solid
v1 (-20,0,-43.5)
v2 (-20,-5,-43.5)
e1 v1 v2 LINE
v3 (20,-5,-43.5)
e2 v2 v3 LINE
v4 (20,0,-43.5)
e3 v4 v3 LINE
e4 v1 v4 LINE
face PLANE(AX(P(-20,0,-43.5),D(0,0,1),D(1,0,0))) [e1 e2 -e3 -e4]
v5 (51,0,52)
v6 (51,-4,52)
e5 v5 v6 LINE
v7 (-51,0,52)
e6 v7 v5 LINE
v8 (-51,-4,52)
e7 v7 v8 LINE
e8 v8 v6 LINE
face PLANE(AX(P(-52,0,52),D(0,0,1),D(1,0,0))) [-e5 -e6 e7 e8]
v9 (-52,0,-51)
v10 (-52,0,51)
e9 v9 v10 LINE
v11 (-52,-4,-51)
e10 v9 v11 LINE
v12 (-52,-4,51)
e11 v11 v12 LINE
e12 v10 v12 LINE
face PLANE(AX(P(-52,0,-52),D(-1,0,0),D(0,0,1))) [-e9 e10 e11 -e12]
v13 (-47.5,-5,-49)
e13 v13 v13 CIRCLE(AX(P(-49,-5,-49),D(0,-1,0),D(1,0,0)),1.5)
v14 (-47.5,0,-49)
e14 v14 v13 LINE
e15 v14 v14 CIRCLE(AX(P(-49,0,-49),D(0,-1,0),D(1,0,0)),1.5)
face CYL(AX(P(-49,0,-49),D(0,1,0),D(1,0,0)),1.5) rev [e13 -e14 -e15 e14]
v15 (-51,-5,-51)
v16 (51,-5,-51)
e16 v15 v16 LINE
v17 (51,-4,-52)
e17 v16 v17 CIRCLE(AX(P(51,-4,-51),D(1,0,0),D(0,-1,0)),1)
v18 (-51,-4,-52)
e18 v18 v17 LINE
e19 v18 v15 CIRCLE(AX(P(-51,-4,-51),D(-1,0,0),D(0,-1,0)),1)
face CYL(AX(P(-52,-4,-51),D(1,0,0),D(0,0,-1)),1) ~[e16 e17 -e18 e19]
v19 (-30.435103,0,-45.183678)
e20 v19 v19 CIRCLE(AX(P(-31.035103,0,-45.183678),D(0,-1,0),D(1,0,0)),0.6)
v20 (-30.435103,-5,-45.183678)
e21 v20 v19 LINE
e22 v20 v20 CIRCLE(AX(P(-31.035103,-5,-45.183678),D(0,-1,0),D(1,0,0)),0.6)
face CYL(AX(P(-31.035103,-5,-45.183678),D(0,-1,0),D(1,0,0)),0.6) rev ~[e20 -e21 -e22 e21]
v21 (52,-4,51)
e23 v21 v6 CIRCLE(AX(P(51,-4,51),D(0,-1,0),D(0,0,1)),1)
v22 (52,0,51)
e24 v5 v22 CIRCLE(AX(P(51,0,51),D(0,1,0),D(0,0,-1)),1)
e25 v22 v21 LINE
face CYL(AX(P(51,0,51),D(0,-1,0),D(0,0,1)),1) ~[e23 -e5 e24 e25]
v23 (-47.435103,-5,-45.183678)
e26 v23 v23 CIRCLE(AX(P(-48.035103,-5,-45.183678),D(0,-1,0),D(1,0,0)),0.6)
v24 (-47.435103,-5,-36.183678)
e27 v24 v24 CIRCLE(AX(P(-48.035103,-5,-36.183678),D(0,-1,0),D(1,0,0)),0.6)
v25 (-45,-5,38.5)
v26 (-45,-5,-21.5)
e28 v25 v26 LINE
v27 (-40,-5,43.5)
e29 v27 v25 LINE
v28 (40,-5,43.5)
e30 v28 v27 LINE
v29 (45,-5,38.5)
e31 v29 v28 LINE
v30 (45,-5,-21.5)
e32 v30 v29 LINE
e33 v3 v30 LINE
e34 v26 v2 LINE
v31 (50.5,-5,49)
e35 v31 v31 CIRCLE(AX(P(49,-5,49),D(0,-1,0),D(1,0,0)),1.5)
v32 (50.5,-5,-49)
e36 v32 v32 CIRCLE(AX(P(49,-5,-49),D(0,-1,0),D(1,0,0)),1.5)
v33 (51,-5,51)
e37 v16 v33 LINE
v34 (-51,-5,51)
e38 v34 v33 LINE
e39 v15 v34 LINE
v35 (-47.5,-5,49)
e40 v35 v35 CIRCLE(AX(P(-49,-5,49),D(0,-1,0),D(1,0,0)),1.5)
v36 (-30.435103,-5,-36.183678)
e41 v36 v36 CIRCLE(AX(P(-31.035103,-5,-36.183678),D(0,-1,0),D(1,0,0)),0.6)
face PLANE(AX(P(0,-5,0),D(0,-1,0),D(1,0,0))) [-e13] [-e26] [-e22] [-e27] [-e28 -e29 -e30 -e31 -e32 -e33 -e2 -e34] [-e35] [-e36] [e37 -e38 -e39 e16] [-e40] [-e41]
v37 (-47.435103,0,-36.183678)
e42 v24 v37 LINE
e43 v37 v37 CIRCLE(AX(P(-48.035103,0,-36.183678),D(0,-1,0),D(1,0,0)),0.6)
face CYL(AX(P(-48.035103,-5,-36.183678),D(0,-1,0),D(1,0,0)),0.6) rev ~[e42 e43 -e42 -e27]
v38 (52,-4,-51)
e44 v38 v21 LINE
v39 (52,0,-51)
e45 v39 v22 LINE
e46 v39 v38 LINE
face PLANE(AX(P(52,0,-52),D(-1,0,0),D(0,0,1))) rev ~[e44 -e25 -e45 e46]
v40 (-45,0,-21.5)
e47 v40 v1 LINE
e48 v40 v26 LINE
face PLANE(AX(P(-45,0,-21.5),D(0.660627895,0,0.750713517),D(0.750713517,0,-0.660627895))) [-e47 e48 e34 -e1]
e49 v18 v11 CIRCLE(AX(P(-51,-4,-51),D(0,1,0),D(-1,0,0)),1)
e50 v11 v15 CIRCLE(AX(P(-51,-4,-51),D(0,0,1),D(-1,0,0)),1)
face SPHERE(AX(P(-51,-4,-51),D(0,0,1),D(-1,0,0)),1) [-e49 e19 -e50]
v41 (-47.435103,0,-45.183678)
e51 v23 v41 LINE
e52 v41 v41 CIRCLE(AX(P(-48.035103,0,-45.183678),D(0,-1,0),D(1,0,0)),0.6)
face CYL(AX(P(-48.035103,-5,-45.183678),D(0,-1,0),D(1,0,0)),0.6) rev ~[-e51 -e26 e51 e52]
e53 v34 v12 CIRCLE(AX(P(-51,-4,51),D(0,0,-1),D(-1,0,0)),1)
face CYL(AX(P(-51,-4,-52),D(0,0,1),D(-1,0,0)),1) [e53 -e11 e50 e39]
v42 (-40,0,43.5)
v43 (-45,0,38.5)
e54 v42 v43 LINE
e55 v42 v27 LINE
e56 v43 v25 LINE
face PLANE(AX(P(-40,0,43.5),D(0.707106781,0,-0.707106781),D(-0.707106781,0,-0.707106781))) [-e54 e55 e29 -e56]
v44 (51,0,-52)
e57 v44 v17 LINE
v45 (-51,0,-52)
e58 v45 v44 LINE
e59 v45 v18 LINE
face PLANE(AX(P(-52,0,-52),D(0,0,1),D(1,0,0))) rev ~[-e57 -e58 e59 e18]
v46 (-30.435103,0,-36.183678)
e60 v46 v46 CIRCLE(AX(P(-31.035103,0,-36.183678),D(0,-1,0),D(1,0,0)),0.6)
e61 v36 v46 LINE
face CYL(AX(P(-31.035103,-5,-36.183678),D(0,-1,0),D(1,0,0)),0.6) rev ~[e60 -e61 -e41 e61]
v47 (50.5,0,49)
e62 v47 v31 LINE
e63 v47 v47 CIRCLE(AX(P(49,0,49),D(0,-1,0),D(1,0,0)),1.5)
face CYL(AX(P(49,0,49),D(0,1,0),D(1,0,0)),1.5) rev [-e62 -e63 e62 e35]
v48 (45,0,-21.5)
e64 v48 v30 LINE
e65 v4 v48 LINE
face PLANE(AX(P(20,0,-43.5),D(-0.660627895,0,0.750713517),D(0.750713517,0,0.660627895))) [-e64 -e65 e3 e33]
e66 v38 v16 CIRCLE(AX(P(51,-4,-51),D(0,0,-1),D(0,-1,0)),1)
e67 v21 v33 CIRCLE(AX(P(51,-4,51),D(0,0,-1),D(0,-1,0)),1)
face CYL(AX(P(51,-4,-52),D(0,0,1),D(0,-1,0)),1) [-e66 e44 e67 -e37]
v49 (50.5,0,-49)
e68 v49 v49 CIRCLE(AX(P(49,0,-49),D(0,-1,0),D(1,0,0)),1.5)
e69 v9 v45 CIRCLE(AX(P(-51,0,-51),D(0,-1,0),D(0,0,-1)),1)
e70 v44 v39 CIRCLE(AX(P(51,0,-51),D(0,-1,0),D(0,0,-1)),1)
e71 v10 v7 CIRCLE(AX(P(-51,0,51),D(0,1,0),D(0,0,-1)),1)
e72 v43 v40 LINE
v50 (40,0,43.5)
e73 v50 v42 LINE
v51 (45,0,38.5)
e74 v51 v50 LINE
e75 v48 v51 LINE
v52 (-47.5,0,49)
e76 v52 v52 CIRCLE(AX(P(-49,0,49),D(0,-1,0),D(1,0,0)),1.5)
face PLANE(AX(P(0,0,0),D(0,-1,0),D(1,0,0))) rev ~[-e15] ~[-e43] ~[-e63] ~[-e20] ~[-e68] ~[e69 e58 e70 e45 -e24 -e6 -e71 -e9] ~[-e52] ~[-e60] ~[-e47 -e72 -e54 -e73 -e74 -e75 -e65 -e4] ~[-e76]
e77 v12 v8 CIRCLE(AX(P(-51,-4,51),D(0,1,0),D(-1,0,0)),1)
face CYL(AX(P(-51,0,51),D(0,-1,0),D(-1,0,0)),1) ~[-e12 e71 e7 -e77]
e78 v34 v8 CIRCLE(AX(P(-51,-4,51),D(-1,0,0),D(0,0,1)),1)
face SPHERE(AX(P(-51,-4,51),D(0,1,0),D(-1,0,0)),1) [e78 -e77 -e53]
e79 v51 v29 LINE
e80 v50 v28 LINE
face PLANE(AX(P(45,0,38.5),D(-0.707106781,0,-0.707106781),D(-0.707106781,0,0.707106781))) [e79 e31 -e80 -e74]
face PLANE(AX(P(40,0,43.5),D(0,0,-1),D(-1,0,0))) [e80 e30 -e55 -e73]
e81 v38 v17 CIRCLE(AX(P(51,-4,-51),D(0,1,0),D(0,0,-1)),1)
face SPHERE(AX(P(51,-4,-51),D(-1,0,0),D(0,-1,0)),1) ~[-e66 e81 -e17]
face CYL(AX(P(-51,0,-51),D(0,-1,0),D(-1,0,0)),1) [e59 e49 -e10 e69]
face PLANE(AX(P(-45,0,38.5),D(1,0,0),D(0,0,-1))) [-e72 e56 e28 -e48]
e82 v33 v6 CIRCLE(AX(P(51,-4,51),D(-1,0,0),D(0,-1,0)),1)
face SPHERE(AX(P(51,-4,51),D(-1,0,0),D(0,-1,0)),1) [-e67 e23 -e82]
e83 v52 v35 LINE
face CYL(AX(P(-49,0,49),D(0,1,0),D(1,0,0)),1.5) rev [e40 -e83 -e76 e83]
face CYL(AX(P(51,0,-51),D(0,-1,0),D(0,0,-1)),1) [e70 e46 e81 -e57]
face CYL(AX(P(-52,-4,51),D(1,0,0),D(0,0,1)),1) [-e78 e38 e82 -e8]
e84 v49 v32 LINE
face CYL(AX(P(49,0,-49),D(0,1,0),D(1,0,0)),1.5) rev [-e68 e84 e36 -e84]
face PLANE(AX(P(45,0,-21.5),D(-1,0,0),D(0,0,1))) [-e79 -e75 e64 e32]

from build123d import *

# Parameters (mm, degrees)
F0_W      = 104
F0_H      = 104
F0_R      = 1.5
F2_DEPTH  = 5
F2_FACE_W = 104
F2_FACE_H = 104
F2_FACE_R = 1.5
F3_DEPTH  = 25
F4_R      = 1
F5_R      = 0.6
F6_DEPTH  = 25


with BuildPart() as f2:
    # F0 (on Front) → F2 (new body)
    with BuildSketch(Plane.XZ):
        Rectangle(F0_W, F0_H)
        with Locations((-49, -49)):
            Circle(F0_R, mode=Mode.SUBTRACT)
        with Locations((49, -49)):
            Circle(F0_R, mode=Mode.SUBTRACT)
        with Locations((-49, 49)):
            Circle(F0_R, mode=Mode.SUBTRACT)
        with Locations((49, 49)):
            Circle(F0_R, mode=Mode.SUBTRACT)
    extrude(amount=F2_DEPTH)

    # F1 (on Front) + F2_face (on face) → F3 (cut)
    with BuildSketch(Plane.XZ):
        Polygon((40, 43.5), (-40, 43.5), (-45, 38.5), (-45, -21.5), (-20, -43.5), (20, -43.5), (45, -21.5), (45, 38.5), align=None)
    with BuildSketch(Plane.XZ.offset(5)):
        Rectangle(F2_FACE_W, F2_FACE_H)
        with Locations((-49, -49)):
            Circle(F2_FACE_R, mode=Mode.SUBTRACT)
        with Locations((49, -49)):
            Circle(F2_FACE_R, mode=Mode.SUBTRACT)
        with Locations((-49, 49)):
            Circle(F2_FACE_R, mode=Mode.SUBTRACT)
        with Locations((49, 49)):
            Circle(F2_FACE_R, mode=Mode.SUBTRACT)
    extrude(amount=F3_DEPTH, mode=Mode.SUBTRACT)

    # F4
    f4_edges = [f2.edges().sort_by_distance(p)[0] for p in [
        (-52, -2.5, 52),
        (-52, -5, 0),
        (0, -5, 52),
        (-52, -2.5, -52),
        (0, -5, -52),
        (52, -5, 0),
        (52, -2.5, 52),
        (52, -2.5, -52),
    ]]
    fillet(f4_edges, radius=F4_R)

    # F5 (on face) → F6 (cut)
    with BuildSketch(Plane.XZ.offset(5)):
        with Locations((-48.035103, -36.183678)):
            Circle(F5_R)
        with Locations((-48.035103, -45.183678)):
            Circle(F5_R)
        with Locations((-31.035103, -36.183678)):
            Circle(F5_R)
        with Locations((-31.035103, -45.183678)):
            Circle(F5_R)
    extrude(amount=-F6_DEPTH, mode=Mode.SUBTRACT)


solid = f2.part
